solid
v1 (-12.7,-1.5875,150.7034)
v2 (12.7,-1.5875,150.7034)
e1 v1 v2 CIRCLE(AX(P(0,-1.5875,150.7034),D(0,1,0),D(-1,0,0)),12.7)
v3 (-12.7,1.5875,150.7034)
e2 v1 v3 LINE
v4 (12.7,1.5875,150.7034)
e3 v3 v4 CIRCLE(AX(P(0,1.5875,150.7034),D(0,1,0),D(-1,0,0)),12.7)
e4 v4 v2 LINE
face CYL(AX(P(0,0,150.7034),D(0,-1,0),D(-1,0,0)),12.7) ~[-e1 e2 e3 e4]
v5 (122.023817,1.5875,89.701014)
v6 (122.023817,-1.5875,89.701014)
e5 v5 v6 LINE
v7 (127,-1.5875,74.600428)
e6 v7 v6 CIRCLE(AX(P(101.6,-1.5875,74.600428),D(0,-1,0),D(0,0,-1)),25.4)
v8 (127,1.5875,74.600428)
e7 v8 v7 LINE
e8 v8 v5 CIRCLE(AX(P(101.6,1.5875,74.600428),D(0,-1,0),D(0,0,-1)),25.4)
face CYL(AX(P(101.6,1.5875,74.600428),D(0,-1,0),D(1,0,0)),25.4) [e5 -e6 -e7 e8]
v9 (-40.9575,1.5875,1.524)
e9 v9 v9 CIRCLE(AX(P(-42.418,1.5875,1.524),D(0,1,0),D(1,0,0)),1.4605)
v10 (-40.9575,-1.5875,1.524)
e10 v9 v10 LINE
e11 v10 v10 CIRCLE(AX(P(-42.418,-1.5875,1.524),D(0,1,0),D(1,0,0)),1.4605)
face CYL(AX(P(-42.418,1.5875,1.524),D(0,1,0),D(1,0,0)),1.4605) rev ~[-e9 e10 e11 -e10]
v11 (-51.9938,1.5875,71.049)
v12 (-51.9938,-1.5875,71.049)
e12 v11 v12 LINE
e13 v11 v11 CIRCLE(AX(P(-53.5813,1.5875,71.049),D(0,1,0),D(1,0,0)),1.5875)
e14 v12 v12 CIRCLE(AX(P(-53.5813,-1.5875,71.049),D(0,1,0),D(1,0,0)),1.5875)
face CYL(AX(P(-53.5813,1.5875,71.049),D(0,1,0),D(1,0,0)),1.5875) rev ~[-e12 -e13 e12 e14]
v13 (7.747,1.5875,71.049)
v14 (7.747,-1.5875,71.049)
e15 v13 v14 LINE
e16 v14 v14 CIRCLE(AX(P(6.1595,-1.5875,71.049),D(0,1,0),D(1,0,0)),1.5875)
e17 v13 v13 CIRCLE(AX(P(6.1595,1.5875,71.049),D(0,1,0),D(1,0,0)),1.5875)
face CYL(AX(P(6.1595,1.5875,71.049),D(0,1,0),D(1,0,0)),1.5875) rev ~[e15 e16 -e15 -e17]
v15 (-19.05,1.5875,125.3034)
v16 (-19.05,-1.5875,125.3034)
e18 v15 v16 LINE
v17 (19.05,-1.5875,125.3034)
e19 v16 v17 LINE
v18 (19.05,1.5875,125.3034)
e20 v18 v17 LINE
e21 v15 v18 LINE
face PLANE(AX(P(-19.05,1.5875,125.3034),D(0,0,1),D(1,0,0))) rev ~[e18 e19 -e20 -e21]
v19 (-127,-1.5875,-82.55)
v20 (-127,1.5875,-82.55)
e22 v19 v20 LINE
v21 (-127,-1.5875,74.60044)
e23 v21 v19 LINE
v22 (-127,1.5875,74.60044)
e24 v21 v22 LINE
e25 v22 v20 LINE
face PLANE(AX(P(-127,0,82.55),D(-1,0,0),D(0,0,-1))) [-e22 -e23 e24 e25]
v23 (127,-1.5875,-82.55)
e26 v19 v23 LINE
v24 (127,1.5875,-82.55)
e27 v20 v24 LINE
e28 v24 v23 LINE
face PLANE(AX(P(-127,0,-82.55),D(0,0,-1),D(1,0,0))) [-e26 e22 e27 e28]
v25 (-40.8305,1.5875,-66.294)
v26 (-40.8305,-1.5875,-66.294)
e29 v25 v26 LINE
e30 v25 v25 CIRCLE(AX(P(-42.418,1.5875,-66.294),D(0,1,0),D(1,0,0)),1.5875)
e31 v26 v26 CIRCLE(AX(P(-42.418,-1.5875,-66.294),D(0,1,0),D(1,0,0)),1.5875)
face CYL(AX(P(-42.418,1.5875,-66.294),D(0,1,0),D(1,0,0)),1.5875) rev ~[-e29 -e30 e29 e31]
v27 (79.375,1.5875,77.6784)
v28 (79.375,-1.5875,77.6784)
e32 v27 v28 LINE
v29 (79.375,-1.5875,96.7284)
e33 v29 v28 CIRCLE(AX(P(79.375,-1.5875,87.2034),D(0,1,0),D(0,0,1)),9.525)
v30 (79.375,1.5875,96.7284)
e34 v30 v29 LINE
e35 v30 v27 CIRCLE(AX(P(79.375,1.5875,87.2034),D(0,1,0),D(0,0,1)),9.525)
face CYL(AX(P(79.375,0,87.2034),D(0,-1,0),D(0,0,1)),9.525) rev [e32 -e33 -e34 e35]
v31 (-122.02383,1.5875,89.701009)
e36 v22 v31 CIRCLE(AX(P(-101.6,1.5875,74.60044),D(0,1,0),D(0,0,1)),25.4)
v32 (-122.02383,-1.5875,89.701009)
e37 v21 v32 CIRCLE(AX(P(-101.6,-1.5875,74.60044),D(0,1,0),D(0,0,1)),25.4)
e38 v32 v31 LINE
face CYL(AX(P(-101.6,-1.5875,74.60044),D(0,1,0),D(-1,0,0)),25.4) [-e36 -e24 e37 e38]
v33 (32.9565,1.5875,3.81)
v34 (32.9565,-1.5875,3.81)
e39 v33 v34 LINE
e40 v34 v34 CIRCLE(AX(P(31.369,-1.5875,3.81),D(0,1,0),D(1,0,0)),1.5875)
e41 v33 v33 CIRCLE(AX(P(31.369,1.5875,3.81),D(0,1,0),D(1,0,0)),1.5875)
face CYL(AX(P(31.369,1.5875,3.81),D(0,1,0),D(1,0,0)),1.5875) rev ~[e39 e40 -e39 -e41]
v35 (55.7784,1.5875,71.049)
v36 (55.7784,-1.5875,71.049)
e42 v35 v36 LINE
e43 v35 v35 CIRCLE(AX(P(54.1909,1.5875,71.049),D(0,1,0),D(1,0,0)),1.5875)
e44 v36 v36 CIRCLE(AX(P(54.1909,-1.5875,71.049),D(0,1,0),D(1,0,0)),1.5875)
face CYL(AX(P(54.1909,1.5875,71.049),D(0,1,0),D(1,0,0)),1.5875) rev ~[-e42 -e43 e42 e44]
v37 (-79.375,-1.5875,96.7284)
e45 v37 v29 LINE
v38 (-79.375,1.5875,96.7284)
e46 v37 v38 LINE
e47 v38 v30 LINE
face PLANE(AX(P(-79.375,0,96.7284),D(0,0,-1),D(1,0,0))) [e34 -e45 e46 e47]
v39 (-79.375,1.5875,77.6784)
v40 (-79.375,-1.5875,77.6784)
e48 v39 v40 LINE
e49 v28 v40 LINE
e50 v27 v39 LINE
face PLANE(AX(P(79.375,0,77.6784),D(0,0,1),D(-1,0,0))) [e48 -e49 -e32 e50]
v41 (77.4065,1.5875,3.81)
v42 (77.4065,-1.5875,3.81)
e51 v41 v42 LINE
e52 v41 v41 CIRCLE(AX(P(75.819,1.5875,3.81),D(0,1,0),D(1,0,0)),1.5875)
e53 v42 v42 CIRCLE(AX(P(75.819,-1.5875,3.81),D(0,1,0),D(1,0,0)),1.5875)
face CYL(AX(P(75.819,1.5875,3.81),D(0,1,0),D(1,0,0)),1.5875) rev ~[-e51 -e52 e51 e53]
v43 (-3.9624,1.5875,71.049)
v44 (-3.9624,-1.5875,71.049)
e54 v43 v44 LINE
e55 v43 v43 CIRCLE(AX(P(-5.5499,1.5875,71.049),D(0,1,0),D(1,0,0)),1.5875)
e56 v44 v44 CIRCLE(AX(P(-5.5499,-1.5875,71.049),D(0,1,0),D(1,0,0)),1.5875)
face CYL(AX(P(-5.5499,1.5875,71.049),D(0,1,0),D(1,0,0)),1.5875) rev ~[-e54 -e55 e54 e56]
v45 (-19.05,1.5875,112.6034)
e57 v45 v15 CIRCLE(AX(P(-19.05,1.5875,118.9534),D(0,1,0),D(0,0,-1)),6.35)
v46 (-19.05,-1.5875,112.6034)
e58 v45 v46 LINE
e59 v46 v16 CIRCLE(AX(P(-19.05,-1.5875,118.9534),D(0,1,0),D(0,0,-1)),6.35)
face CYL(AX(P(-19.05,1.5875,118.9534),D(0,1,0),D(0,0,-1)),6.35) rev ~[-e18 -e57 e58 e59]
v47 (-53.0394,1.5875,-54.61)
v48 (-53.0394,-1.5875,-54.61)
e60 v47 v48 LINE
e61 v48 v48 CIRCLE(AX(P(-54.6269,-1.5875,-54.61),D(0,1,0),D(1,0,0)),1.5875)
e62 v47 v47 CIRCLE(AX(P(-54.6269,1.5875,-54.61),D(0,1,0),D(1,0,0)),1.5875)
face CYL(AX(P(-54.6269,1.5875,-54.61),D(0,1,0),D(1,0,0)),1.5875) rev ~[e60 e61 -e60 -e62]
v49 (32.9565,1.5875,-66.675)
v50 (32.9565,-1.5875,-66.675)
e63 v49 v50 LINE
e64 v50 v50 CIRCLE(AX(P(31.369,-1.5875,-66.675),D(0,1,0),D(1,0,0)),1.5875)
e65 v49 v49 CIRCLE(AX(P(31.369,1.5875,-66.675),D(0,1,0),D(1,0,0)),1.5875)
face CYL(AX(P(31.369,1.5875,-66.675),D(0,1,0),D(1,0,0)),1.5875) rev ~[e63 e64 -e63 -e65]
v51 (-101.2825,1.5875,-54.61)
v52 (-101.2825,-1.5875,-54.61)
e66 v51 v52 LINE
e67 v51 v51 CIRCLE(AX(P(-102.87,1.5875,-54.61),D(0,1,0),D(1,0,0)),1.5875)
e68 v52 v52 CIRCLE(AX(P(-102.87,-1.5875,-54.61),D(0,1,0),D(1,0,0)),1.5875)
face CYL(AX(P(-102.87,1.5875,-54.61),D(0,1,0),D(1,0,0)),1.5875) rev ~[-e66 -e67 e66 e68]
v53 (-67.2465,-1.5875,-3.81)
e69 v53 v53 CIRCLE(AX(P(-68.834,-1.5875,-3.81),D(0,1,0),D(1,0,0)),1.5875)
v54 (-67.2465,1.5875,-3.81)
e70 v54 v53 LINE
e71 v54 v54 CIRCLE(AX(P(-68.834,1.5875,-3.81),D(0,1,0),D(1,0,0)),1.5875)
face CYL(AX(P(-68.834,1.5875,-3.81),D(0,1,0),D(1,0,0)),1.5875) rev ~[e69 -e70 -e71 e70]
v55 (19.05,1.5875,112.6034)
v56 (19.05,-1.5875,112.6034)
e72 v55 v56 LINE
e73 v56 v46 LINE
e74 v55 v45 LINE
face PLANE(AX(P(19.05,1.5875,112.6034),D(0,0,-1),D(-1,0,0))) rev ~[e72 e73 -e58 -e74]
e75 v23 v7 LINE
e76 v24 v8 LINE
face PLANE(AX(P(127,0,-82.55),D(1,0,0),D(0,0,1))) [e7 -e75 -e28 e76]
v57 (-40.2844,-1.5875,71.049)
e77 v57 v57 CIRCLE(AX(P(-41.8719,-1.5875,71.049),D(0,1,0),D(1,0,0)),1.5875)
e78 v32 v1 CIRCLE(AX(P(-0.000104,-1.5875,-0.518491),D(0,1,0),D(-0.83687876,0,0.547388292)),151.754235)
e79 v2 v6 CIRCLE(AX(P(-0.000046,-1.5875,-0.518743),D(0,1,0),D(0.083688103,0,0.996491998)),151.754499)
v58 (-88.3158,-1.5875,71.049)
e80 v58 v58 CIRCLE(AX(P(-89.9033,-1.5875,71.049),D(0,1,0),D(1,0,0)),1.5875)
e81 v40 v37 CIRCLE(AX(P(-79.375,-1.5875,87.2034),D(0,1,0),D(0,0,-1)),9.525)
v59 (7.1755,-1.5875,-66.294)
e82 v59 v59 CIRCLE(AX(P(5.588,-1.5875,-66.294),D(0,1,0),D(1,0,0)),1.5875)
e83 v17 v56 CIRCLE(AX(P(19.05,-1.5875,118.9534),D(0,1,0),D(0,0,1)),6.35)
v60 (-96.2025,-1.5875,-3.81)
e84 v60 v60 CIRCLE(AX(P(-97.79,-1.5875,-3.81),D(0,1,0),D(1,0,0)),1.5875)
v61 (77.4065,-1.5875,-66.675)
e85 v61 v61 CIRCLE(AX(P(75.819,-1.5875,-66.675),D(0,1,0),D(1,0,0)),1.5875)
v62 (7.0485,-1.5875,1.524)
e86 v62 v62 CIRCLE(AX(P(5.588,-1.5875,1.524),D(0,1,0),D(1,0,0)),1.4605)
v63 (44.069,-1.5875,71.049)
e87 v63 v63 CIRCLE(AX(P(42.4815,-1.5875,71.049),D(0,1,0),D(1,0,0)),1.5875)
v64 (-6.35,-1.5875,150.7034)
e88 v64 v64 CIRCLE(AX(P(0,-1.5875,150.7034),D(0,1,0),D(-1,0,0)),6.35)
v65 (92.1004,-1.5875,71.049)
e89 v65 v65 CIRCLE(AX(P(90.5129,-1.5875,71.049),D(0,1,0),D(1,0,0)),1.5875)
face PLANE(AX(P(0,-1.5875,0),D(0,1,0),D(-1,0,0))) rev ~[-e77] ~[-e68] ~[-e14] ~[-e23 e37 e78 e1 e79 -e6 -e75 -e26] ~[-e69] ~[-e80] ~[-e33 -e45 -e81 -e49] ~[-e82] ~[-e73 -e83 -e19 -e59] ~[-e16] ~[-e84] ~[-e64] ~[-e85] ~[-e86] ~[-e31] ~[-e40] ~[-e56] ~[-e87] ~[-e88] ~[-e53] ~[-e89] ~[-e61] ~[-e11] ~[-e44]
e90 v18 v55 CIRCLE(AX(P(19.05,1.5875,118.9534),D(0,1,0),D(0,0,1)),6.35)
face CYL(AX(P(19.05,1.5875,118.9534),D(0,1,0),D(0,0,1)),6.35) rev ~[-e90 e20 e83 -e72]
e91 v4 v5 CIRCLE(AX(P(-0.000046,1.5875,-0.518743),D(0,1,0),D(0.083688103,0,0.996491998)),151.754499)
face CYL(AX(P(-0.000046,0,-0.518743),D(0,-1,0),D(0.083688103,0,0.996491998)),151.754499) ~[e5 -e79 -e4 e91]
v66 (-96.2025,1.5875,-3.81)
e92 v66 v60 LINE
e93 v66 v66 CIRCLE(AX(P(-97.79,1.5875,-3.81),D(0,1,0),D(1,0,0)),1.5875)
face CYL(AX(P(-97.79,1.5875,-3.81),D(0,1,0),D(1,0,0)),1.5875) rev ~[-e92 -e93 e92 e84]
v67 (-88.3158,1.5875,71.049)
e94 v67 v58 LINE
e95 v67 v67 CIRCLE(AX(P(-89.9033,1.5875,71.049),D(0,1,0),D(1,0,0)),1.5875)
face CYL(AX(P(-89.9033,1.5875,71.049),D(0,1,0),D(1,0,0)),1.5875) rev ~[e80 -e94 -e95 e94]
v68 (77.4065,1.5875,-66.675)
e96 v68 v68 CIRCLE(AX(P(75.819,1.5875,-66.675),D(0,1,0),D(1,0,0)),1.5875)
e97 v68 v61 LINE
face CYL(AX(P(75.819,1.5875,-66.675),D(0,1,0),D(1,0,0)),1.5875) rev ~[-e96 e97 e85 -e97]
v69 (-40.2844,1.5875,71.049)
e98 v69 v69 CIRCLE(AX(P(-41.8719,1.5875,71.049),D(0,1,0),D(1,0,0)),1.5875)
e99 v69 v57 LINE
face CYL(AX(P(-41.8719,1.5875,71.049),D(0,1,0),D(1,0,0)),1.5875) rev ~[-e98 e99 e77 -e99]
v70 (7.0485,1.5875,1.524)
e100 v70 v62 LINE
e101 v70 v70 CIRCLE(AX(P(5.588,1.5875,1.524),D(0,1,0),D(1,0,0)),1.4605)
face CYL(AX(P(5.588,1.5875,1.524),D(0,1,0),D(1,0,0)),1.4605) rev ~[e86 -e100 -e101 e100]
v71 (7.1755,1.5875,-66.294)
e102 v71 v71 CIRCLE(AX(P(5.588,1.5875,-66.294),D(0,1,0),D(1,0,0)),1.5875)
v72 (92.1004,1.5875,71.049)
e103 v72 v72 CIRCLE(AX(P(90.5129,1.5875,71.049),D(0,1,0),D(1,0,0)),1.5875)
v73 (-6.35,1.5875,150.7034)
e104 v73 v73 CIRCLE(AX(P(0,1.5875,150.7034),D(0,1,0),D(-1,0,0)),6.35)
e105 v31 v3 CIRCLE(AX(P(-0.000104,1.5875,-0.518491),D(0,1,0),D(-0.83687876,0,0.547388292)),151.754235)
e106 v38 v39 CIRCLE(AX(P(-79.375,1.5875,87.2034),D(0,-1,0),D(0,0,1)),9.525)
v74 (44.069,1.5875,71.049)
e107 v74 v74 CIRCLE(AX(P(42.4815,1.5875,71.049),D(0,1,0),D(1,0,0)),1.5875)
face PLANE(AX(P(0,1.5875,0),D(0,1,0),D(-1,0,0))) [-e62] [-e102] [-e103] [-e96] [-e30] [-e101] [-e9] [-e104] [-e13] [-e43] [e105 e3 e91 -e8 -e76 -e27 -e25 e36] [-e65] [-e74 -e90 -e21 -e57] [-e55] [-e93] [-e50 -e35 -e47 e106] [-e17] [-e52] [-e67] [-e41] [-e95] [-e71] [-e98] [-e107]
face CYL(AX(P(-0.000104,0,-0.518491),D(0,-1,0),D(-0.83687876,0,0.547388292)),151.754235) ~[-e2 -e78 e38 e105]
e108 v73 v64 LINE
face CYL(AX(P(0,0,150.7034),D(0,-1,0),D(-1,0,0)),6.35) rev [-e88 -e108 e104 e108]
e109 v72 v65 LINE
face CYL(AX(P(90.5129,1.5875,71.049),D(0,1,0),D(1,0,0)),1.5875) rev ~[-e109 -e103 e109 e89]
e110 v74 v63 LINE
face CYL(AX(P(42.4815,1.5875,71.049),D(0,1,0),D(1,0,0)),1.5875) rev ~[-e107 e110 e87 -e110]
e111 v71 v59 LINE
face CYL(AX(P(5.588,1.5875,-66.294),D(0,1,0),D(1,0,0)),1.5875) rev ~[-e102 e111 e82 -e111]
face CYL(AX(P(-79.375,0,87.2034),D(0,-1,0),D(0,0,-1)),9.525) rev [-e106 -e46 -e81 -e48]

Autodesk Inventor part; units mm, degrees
ref_plane "YZ Plane" through (0, 0, 0) normal (1, 0, 0) x (0, 1, 0)
ref_plane "XZ Plane" through (0, 0, 0) normal (0, 1, 0) x (-1, 0, 0)
ref_plane "XY Plane" through (0, 0, 0) normal (0, 0, 1) x (1, 0, 0)
sketch "Sketch1" plane through (0, 0, 0) normal (0, 1, 0) x (-1, 0, 0)
  line L0 (127, -82.55) -> (-127, -82.55)
  line L1 (-127, -82.55) -> (-127, 82.55)
  line L2 (127, 82.55) -> (127, -82.55)
  circle A0 centre (0, 150.7034) radius 6.35
  arc A1 (12.7, 150.7034) -> (-12.7, 150.7034) centre (0, 150.7034) ccw
  line L3 (79.375, 87.2034) -> (-79.375, 87.2034) construction
  line L4 (79.375, 96.7284) -> (-79.375, 96.7284)
  line L5 (-79.375, 77.6784) -> (79.375, 77.6784)
  arc A2 (79.375, 77.6784) -> (79.375, 96.7284) centre (79.375, 87.2034) ccw
  arc A3 (-79.375, 96.7284) -> (-79.375, 77.6784) centre (-79.375, 87.2034) ccw
  line L6 (94.1705, 96.449) -> (49.3141, 96.449) projected
  circle A4 centre (80.3783, 87.2034) radius 3.175 projected
  circle A5 centre (63.1063, 87.2034) radius 3.175 projected
  circle A6 centre (32.3469, 87.2034) radius 3.175 projected
  circle A7 centre (15.0749, 87.2034) radius 3.175 projected
  circle A8 centre (-15.6845, 87.2034) radius 3.175 projected
  circle A9 centre (-32.9565, 87.2034) radius 3.175 projected
  circle A10 centre (-63.7159, 87.2034) radius 3.175 projected
  circle A11 centre (-80.9879, 87.2034) radius 3.175 projected
  arc A12 (127, 82.55) -> (12.7, 150.7034) centre (0, -0.5186) ccw
  arc A13 (-12.7, 150.7034) -> (-127, 82.55) centre (0, -0.5186) ccw
  point P0 (0, 0)
  point P1 (127, 0)
  point P2 (0, -82.55)
  point P3 (0, 87.2034)
  point P4 (0, 87.2034)
  dimension "d0" = 12.7
  dimension "d1" = 6.35
  dimension "d4" = 254
  dimension "d5" = 19.05
  dimension "d6" = 177.8
  dimension "d10" = 63.5
  dimension "d15" = 165.1
extrude "Extrusion1" add sketch "Sketch1" along normal mid plane 3.175 contours L0 L1 A13 A1 A12 L2
sketch "Sketch2" plane through (0, 1.5875, 0) normal (0, 1, 0) x (1, 0, 0)
  line L0 (-49.3141, -31.933) -> (-94.1705, -31.933)
  line L1 (-94.1705, -31.933) -> (-94.1705, -96.449)
  line L2 (-94.1705, -96.449) -> (-49.3141, -96.449)
  line L3 (-49.3141, -96.449) -> (-49.3141, -31.933)
  circle A0 centre (-53.5813, -71.049) radius 1.5875
  circle A1 centre (-89.9033, -71.049) radius 1.5875
  line L4 (-1.2827, -31.933) -> (-46.1391, -31.933)
  line L5 (-46.1391, -31.933) -> (-46.1391, -96.449)
  line L6 (-46.1391, -96.449) -> (-1.2827, -96.449)
  line L7 (-1.2827, -96.449) -> (-1.2827, -31.933)
  circle A2 centre (-5.5499, -71.049) radius 1.5875
  circle A3 centre (-41.8719, -71.049) radius 1.5875
  line L8 (46.7487, -31.933) -> (1.8923, -31.933)
  line L9 (1.8923, -31.933) -> (1.8923, -96.449)
  line L10 (1.8923, -96.449) -> (46.7487, -96.449)
  line L11 (46.7487, -96.449) -> (46.7487, -31.933)
  circle A4 centre (42.4815, -71.049) radius 1.5875
  circle A5 centre (6.1595, -71.049) radius 1.5875
  line L12 (94.7801, -31.933) -> (49.9237, -31.933)
  line L13 (49.9237, -31.933) -> (49.9237, -96.449)
  line L14 (49.9237, -96.449) -> (94.7801, -96.449)
  line L15 (94.7801, -96.449) -> (94.7801, -31.933)
  circle A6 centre (90.5129, -71.049) radius 1.5875
  circle A7 centre (54.1909, -71.049) radius 1.5875
  circle A8 centre (-68.834, 3.81) radius 1.5875
  circle A9 centre (-54.6269, 54.61) radius 1.5875
  circle A10 centre (-97.79, 3.81) radius 1.5875
  circle A11 centre (-102.87, 54.61) radius 1.5875
  line L16 (-61.3664, 81.9424) -> (-73.3552, 81.9424)
  line L17 (-73.3552, 81.9424) -> (-73.3552, 69.85)
  line L18 (-73.3552, 69.85) -> (-105.41, 69.85)
  line L19 (-105.41, 69.85) -> (-105.41, 1.27)
  line L20 (-105.41, 1.27) -> (-52.324, 1.27)
  line L21 (-52.324, 1.27) -> (-52.324, 69.85)
  line L22 (-52.324, 69.85) -> (-61.3664, 69.85)
  line L23 (-61.3664, 69.85) -> (-61.3664, 81.9424)
  line L24 (9.144, -5.08) -> (9.144, 69.85)
  line L25 (9.144, 69.85) -> (-45.974, 69.85)
  line L26 (-45.974, 69.85) -> (-45.974, -5.08)
  line L27 (-45.974, -5.08) -> (9.144, -5.08)
  circle A12 centre (-42.418, -1.524) radius 1.4605
  circle A13 centre (5.588, -1.524) radius 1.4605
  circle A14 centre (5.588, 66.294) radius 1.4605
  circle A15 centre (-42.418, 66.294) radius 1.4605
  line L28 (78.994, -6.985) -> (78.994, 69.85)
  line L29 (78.994, 69.85) -> (28.194, 69.85)
  line L30 (28.194, 69.85) -> (28.194, -6.985)
  line L31 (28.194, -6.985) -> (78.994, -6.985)
  circle A16 centre (75.819, -3.81) radius 1.5875
  circle A17 centre (75.819, 66.675) radius 1.5875
  circle A18 centre (31.369, 66.675) radius 1.5875
  circle A19 centre (31.369, -3.81) radius 1.5875
  circle A20 centre (-102.87, 54.61) radius 1.5875
  circle A21 centre (-54.6269, 54.61) radius 1.5875
  circle A22 centre (-68.834, 3.81) radius 1.5875
  circle A23 centre (-97.79, 3.81) radius 1.5875
  circle A24 centre (-42.418, 66.294) radius 1.5875
  circle A25 centre (-42.418, -1.524) radius 1.5875
  circle A26 centre (5.588, -1.524) radius 1.5875
  circle A27 centre (5.588, 66.294) radius 1.5875
  circle A28 centre (31.369, 66.675) radius 1.5875
  circle A29 centre (75.819, 66.675) radius 1.5875
  circle A30 centre (75.819, -3.81) radius 1.5875
  circle A31 centre (31.369, -3.81) radius 1.5875
  circle A32 centre (90.5129, -71.049) radius 1.5875
  circle A33 centre (54.1909, -71.049) radius 1.5875
  circle A34 centre (42.4815, -71.049) radius 1.5875
  circle A35 centre (6.1595, -71.049) radius 1.5875
  circle A36 centre (-5.5499, -71.049) radius 1.5875
  circle A37 centre (-41.8719, -71.049) radius 1.5875
  circle A38 centre (-53.5813, -71.049) radius 1.5875
  circle A39 centre (-89.9033, -71.049) radius 1.5875
  point P0 (0, 0)
extrude "Extrusion2" cut sketch "Sketch2" against normal through all contours A0 | A1 | A2 | A3 | A4 | A5 | A6 | A7 | A8 | A9 | A10 | A11 | A12 | A13 | A14 | A15 | A16 | A17 | A18 | A19 | A24 | A27
fillet "Fillet1" radius 25.4 2 edges at (127, 0, 82.55) (-127, 0, 82.55)
sketch "Sketch3" plane through (0, 1.5875, 0) normal (0, 1, 0) x (1, 0, 0)
  arc A0 (-127, -74.6004) -> (-122.0238, -89.701) centre (-101.6, -74.6004) ccw projected
  arc A1 (-122.0238, -89.701) -> (-12.7, -150.7034) centre (0, 0.5186) ccw projected
  arc A2 (-12.7, -150.7034) -> (12.7, -150.7034) centre (0, -150.7034) ccw projected
  arc A3 (12.7, -150.7034) -> (122.0238, -89.701) centre (0, 0.5186) ccw projected
  arc A4 (122.0238, -89.701) -> (127, -74.6004) centre (101.6, -74.6004) ccw projected
  line L0 (127, -74.6004) -> (127, 82.55) projected
  line L1 (127, 82.55) -> (-127, 82.55) projected
  line L2 (-127, 82.55) -> (-127, -74.6004) projected
  circle A5 centre (-53.5813, -71.049) radius 1.5875 projected
  circle A6 centre (54.1909, -71.049) radius 1.5875 projected
  circle A7 centre (31.369, 66.675) radius 1.5875 projected
  circle A8 centre (-42.418, -1.524) radius 1.4605 projected
  circle A9 centre (-97.79, 3.81) radius 1.5875 projected
  circle A10 centre (-68.834, 3.81) radius 1.5875 projected
  circle A11 centre (5.588, -1.524) radius 1.4605 projected
  circle A12 centre (31.369, -3.81) radius 1.5875 projected
  circle A13 centre (42.4815, -71.049) radius 1.5875 projected
  circle A14 centre (-5.5499, -71.049) radius 1.5875 projected
  circle A15 centre (-89.9033, -71.049) radius 1.5875 projected
  circle A16 centre (90.5129, -71.049) radius 1.5875 projected
  circle A17 centre (75.819, 66.675) radius 1.5875 projected
  circle A18 centre (-42.418, 66.294) radius 1.5875 projected
  circle A19 centre (-102.87, 54.61) radius 1.5875 projected
  circle A20 centre (-54.6269, 54.61) radius 1.5875 projected
  circle A21 centre (5.588, 66.294) radius 1.5875 projected
  circle A22 centre (75.819, -3.81) radius 1.5875 projected
  circle A23 centre (6.1595, -71.049) radius 1.5875 projected
  circle A24 centre (-41.8719, -71.049) radius 1.5875 projected
  line L3 (79.375, -96.7284) -> (-79.375, -96.7284) projected
  arc A25 (-79.375, -77.6784) -> (-79.375, -96.7284) centre (-79.375, -87.2034) ccw projected
  line L4 (-79.375, -77.6784) -> (79.375, -77.6784) projected
  arc A26 (79.375, -96.7284) -> (79.375, -77.6784) centre (79.375, -87.2034) ccw projected
  circle A27 centre (0, -150.7034) radius 6.35 projected
  line L5 (-25.4, -118.9534) -> (25.4, -118.9534) construction
  line L6 (-19.05, -125.3034) -> (19.05, -125.3034)
  line L7 (19.05, -112.6034) -> (-19.05, -112.6034)
  arc A28 (-19.05, -112.6034) -> (-19.05, -125.3034) centre (-19.05, -118.9534) ccw
  arc A29 (19.05, -125.3034) -> (19.05, -112.6034) centre (19.05, -118.9534) ccw
  point P0 (0, 0)
  point P1 (0, -118.9534)
  dimension "d17" = 50.8
  dimension "d18" = 12.7
  dimension "d19" = 25.4
extrude "Extrusion3" cut sketch "Sketch3" against normal blind 3.175 contours A28 L7 A29 L6
properties part number "Top Plate"
